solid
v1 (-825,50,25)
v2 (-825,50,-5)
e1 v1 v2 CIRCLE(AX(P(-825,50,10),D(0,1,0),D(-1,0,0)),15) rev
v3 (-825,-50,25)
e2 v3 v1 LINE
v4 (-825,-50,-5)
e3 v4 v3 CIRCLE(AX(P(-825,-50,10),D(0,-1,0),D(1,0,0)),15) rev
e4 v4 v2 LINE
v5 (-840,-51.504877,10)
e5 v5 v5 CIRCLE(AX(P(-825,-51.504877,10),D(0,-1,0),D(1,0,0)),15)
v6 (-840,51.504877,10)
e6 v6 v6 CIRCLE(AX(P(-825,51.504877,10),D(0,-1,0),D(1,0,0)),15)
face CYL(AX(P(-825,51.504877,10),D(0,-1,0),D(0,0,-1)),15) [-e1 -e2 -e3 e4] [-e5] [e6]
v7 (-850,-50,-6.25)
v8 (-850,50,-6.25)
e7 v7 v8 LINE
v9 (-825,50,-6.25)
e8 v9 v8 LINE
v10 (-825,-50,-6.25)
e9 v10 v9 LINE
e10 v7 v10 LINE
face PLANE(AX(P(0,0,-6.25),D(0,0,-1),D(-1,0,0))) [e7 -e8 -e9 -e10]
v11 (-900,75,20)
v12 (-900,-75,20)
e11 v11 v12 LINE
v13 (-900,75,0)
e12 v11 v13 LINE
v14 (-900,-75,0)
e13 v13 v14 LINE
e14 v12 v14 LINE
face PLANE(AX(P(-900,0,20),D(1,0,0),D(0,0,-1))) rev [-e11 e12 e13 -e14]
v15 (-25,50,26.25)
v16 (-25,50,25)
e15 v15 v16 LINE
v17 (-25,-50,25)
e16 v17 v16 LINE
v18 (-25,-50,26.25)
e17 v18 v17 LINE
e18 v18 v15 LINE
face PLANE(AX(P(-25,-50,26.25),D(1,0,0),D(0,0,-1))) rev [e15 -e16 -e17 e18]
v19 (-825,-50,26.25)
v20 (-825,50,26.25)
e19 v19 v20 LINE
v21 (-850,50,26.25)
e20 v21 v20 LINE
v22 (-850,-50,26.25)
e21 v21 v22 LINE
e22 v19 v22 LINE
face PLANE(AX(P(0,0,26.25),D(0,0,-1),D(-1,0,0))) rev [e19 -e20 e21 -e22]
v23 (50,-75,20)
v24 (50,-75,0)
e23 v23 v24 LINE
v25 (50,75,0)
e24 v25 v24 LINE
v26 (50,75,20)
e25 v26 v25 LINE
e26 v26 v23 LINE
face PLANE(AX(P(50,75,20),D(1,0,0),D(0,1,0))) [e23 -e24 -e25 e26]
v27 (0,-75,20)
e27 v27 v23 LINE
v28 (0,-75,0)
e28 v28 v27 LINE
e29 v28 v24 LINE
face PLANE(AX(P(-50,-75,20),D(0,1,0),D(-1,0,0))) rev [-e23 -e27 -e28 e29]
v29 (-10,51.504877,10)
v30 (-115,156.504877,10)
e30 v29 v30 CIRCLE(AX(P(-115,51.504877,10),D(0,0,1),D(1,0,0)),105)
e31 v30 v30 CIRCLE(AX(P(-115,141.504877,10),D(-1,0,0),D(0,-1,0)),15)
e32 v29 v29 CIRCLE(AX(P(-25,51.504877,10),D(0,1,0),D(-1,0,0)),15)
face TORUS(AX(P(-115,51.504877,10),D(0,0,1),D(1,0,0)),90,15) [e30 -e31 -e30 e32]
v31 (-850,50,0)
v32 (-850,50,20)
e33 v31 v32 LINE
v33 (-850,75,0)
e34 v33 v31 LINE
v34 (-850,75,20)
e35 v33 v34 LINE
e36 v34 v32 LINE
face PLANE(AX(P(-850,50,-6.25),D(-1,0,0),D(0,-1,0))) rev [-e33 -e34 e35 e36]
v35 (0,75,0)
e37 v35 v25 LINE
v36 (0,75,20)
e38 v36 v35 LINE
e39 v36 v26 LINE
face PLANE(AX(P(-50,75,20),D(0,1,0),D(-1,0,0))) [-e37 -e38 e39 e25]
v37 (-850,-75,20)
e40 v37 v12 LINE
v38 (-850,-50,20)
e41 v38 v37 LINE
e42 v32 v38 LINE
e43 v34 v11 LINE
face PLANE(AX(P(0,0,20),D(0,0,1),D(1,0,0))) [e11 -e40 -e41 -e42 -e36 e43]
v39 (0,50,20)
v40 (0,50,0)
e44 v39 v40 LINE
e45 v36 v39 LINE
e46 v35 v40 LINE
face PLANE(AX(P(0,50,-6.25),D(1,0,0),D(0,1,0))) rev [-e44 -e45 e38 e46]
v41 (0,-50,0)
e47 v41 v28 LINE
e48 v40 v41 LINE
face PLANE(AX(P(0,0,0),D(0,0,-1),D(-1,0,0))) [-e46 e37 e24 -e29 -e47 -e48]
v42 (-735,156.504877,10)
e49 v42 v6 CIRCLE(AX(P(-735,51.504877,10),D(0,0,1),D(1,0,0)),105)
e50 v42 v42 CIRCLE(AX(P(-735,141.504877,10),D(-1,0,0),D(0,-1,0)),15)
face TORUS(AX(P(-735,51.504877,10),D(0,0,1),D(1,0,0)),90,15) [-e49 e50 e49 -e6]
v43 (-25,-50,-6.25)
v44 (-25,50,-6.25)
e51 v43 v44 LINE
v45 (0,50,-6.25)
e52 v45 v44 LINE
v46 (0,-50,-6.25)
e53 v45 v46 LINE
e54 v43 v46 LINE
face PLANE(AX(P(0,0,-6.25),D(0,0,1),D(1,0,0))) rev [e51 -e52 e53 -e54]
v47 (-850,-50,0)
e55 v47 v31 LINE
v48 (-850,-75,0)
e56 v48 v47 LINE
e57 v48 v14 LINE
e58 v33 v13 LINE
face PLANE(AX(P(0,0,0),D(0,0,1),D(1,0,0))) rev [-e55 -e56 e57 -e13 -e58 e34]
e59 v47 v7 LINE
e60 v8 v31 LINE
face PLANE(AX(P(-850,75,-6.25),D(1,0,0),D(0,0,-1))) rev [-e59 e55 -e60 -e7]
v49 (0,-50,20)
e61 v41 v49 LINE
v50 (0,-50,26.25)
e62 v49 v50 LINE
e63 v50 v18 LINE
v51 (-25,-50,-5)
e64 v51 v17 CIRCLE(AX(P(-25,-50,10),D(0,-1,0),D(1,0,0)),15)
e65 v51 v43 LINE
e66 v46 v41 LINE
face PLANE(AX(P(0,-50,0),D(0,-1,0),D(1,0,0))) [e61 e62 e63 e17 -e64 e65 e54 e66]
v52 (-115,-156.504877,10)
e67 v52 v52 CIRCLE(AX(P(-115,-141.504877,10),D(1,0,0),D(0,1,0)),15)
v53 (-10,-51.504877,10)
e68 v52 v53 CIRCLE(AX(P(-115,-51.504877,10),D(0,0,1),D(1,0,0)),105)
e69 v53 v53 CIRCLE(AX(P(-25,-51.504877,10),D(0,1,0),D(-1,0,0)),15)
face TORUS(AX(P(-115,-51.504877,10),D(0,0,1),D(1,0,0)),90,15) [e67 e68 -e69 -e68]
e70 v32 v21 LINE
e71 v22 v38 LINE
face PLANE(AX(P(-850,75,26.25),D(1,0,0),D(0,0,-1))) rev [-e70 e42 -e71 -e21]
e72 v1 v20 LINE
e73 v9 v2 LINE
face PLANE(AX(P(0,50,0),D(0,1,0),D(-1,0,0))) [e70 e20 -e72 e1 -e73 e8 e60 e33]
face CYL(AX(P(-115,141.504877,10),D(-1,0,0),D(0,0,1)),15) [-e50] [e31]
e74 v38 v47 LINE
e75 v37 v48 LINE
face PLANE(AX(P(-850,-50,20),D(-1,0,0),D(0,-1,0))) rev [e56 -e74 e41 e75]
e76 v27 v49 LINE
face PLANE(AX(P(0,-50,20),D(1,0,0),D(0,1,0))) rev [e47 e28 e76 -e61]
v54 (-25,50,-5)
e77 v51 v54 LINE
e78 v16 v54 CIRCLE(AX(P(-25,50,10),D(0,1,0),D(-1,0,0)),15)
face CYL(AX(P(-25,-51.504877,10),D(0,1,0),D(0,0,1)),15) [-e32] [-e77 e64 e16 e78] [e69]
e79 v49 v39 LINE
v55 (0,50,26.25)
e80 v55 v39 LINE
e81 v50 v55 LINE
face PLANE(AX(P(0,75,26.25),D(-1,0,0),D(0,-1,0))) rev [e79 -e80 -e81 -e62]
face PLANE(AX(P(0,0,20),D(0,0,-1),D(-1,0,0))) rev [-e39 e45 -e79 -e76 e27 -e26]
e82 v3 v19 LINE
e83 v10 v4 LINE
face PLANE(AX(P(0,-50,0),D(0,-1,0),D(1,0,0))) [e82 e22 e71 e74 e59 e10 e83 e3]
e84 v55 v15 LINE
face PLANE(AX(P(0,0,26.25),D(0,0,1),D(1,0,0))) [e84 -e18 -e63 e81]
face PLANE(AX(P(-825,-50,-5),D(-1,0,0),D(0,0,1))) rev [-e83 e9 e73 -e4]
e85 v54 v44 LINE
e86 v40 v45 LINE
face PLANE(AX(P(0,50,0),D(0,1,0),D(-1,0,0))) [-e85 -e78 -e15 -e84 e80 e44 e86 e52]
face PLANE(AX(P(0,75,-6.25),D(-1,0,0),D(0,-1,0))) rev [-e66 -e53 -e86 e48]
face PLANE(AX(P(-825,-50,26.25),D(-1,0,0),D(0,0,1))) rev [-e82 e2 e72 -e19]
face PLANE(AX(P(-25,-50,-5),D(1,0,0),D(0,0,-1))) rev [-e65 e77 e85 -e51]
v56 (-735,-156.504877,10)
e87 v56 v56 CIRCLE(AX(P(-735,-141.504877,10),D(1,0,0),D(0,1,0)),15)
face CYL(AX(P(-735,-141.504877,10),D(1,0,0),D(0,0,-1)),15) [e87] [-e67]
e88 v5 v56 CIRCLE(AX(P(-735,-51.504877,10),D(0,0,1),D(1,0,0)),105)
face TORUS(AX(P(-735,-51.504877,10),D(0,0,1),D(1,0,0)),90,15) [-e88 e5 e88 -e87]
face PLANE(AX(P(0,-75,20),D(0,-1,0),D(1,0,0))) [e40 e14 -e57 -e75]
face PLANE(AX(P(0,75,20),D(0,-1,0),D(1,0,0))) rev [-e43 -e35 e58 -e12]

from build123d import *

# Parameters (mm, degrees)
SKETCH1_W           = 100
SKETCH1_H           = 75
SKETCH1_H_2         = 150
BOSS_EXTRUDE1_DEPTH = 20
SKETCH4_W           = 50
SKETCH4_H           = 150
BOSS_EXTRUDE3_DEPTH = 6.25
SKETCH5_W           = 50
SKETCH5_H           = 150
BOSS_EXTRUDE4_DEPTH = 6.25
SKETCH21_W          = 850
SKETCH21_H          = 32.5
CUT_EXTRUDE2_DEPTH  = 25
CUT_EXTRUDE3_START  = -150
SKETCH21_2_W        = 850
SKETCH21_2_H        = 32.5
CUT_EXTRUDE3_DEPTH  = 25
SWEEP1_PROFILE_R    = 15
CUT_EXTRUDE1_DEPTH  = 50


with BuildPart() as part:
    # Sketch1 → Boss-Extrude1 (new body)
    with BuildSketch(Plane.XY):
        with Locations((-850, 37.5)):
            Rectangle(SKETCH1_W, SKETCH1_H)
        with Locations((-850, -37.5)):
            Rectangle(SKETCH1_W, SKETCH1_H)
        Rectangle(SKETCH1_W, SKETCH1_H_2)
    extrude(amount=BOSS_EXTRUDE1_DEPTH)

    # Sketch4 → Boss-Extrude3 (add)
    with BuildSketch(Plane(origin=(0, 0, 0), x_dir=(-1, 0, 0), z_dir=(0, 0, -1))):
        with Locations((25, 0)):
            Rectangle(SKETCH4_W, SKETCH4_H)
        with Locations((825, 0)):
            Rectangle(SKETCH4_W, SKETCH4_H)
    extrude(amount=BOSS_EXTRUDE3_DEPTH)

    # Sketch5 → Boss-Extrude4 (add)
    with BuildSketch(Plane.XY.offset(20)):
        with Locations((-825, 0)):
            Rectangle(SKETCH5_W, SKETCH5_H)
        with Locations((-25, 0)):
            Rectangle(SKETCH5_W, SKETCH5_H)
    extrude(amount=BOSS_EXTRUDE4_DEPTH)

    # Sketch21 → Cut-Extrude2 (cut)
    with BuildSketch(Plane(origin=(0, 75, 0), x_dir=(1, 0, 0), z_dir=(0, 1, 0))):
        with Locations((-425, -10)):
            Rectangle(SKETCH21_W, SKETCH21_H)
    extrude(amount=-CUT_EXTRUDE2_DEPTH, mode=Mode.SUBTRACT)

    # Sketch21<2> → Cut-Extrude3 (cut)
    with BuildSketch(Plane(origin=(0, 75, 0), x_dir=(1, 0, 0), z_dir=(0, 1, 0)).offset(CUT_EXTRUDE3_START)):
        with Locations((-425, -10)):
            Rectangle(SKETCH21_2_W, SKETCH21_2_H)
    extrude(amount=CUT_EXTRUDE3_DEPTH, mode=Mode.SUBTRACT)

    # Sweep1: sweep along a path in Sketch6
    with BuildLine(Plane.XY.offset(10)) as sweep1_path:
        Line((-115, -141.504877042), (-735, -141.504877042))
        ThreePointArc((-735, -141.504877042), (-798.639610307, -115.144487349), (-825, -51.504877042))
        Line((-825, -51.504877042), (-825, 51.504877042))
        ThreePointArc((-825, 51.504877042), (-798.639610307, 115.144487349), (-735, 141.504877042))
        Line((-735, 141.504877042), (-115, 141.504877042))
        ThreePointArc((-115, 141.504877042), (-51.360389693, 115.144487349), (-25, 51.504877042))
        Line((-25, 51.504877042), (-25, -51.504877042))
        ThreePointArc((-25, -51.504877042), (-51.360389693, -115.144487349), (-115, -141.504877042))
    # Sweep1 profile (on start of the path) → Sweep1 (sweep)
    with BuildSketch(Plane(origin=(-115, -141.504877042, 10), x_dir=(0, 0, -1), z_dir=(-1, 0, 0))):
        Circle(SWEEP1_PROFILE_R)
    sweep(path=sweep1_path.line)

    # Sketch19 → Cut-Extrude1 (cut, symmetric)
    with BuildSketch(Plane(origin=(0, 0, 0), x_dir=(1, 0, 0), z_dir=(0, 1, 0))):
        with BuildLine():
            Line((-825, -26.25), (-825, -25))
            ThreePointArc((-825, -25), (-810, -10), (-825, 5))
            Line((-825, 5), (-825, 6.25))
            Line((-825, 6.25), (-800, 6.25))
            Line((-800, 6.25), (-800, -26.25))
            Line((-800, -26.25), (-825, -26.25))
        make_face()
        with BuildLine():
            Line((-50, -26.25), (-25, -26.25))
            Line((-25, -26.25), (-25, -25))
            ThreePointArc((-25, -25), (-40, -10), (-25, 5))
            Line((-25, 5), (-25, 6.25))
            Line((-25, 6.25), (-50, 6.25))
            Line((-50, 6.25), (-50, -26.25))
        make_face()
    extrude(amount=CUT_EXTRUDE1_DEPTH, both=True, mode=Mode.SUBTRACT)


solid = part.part
